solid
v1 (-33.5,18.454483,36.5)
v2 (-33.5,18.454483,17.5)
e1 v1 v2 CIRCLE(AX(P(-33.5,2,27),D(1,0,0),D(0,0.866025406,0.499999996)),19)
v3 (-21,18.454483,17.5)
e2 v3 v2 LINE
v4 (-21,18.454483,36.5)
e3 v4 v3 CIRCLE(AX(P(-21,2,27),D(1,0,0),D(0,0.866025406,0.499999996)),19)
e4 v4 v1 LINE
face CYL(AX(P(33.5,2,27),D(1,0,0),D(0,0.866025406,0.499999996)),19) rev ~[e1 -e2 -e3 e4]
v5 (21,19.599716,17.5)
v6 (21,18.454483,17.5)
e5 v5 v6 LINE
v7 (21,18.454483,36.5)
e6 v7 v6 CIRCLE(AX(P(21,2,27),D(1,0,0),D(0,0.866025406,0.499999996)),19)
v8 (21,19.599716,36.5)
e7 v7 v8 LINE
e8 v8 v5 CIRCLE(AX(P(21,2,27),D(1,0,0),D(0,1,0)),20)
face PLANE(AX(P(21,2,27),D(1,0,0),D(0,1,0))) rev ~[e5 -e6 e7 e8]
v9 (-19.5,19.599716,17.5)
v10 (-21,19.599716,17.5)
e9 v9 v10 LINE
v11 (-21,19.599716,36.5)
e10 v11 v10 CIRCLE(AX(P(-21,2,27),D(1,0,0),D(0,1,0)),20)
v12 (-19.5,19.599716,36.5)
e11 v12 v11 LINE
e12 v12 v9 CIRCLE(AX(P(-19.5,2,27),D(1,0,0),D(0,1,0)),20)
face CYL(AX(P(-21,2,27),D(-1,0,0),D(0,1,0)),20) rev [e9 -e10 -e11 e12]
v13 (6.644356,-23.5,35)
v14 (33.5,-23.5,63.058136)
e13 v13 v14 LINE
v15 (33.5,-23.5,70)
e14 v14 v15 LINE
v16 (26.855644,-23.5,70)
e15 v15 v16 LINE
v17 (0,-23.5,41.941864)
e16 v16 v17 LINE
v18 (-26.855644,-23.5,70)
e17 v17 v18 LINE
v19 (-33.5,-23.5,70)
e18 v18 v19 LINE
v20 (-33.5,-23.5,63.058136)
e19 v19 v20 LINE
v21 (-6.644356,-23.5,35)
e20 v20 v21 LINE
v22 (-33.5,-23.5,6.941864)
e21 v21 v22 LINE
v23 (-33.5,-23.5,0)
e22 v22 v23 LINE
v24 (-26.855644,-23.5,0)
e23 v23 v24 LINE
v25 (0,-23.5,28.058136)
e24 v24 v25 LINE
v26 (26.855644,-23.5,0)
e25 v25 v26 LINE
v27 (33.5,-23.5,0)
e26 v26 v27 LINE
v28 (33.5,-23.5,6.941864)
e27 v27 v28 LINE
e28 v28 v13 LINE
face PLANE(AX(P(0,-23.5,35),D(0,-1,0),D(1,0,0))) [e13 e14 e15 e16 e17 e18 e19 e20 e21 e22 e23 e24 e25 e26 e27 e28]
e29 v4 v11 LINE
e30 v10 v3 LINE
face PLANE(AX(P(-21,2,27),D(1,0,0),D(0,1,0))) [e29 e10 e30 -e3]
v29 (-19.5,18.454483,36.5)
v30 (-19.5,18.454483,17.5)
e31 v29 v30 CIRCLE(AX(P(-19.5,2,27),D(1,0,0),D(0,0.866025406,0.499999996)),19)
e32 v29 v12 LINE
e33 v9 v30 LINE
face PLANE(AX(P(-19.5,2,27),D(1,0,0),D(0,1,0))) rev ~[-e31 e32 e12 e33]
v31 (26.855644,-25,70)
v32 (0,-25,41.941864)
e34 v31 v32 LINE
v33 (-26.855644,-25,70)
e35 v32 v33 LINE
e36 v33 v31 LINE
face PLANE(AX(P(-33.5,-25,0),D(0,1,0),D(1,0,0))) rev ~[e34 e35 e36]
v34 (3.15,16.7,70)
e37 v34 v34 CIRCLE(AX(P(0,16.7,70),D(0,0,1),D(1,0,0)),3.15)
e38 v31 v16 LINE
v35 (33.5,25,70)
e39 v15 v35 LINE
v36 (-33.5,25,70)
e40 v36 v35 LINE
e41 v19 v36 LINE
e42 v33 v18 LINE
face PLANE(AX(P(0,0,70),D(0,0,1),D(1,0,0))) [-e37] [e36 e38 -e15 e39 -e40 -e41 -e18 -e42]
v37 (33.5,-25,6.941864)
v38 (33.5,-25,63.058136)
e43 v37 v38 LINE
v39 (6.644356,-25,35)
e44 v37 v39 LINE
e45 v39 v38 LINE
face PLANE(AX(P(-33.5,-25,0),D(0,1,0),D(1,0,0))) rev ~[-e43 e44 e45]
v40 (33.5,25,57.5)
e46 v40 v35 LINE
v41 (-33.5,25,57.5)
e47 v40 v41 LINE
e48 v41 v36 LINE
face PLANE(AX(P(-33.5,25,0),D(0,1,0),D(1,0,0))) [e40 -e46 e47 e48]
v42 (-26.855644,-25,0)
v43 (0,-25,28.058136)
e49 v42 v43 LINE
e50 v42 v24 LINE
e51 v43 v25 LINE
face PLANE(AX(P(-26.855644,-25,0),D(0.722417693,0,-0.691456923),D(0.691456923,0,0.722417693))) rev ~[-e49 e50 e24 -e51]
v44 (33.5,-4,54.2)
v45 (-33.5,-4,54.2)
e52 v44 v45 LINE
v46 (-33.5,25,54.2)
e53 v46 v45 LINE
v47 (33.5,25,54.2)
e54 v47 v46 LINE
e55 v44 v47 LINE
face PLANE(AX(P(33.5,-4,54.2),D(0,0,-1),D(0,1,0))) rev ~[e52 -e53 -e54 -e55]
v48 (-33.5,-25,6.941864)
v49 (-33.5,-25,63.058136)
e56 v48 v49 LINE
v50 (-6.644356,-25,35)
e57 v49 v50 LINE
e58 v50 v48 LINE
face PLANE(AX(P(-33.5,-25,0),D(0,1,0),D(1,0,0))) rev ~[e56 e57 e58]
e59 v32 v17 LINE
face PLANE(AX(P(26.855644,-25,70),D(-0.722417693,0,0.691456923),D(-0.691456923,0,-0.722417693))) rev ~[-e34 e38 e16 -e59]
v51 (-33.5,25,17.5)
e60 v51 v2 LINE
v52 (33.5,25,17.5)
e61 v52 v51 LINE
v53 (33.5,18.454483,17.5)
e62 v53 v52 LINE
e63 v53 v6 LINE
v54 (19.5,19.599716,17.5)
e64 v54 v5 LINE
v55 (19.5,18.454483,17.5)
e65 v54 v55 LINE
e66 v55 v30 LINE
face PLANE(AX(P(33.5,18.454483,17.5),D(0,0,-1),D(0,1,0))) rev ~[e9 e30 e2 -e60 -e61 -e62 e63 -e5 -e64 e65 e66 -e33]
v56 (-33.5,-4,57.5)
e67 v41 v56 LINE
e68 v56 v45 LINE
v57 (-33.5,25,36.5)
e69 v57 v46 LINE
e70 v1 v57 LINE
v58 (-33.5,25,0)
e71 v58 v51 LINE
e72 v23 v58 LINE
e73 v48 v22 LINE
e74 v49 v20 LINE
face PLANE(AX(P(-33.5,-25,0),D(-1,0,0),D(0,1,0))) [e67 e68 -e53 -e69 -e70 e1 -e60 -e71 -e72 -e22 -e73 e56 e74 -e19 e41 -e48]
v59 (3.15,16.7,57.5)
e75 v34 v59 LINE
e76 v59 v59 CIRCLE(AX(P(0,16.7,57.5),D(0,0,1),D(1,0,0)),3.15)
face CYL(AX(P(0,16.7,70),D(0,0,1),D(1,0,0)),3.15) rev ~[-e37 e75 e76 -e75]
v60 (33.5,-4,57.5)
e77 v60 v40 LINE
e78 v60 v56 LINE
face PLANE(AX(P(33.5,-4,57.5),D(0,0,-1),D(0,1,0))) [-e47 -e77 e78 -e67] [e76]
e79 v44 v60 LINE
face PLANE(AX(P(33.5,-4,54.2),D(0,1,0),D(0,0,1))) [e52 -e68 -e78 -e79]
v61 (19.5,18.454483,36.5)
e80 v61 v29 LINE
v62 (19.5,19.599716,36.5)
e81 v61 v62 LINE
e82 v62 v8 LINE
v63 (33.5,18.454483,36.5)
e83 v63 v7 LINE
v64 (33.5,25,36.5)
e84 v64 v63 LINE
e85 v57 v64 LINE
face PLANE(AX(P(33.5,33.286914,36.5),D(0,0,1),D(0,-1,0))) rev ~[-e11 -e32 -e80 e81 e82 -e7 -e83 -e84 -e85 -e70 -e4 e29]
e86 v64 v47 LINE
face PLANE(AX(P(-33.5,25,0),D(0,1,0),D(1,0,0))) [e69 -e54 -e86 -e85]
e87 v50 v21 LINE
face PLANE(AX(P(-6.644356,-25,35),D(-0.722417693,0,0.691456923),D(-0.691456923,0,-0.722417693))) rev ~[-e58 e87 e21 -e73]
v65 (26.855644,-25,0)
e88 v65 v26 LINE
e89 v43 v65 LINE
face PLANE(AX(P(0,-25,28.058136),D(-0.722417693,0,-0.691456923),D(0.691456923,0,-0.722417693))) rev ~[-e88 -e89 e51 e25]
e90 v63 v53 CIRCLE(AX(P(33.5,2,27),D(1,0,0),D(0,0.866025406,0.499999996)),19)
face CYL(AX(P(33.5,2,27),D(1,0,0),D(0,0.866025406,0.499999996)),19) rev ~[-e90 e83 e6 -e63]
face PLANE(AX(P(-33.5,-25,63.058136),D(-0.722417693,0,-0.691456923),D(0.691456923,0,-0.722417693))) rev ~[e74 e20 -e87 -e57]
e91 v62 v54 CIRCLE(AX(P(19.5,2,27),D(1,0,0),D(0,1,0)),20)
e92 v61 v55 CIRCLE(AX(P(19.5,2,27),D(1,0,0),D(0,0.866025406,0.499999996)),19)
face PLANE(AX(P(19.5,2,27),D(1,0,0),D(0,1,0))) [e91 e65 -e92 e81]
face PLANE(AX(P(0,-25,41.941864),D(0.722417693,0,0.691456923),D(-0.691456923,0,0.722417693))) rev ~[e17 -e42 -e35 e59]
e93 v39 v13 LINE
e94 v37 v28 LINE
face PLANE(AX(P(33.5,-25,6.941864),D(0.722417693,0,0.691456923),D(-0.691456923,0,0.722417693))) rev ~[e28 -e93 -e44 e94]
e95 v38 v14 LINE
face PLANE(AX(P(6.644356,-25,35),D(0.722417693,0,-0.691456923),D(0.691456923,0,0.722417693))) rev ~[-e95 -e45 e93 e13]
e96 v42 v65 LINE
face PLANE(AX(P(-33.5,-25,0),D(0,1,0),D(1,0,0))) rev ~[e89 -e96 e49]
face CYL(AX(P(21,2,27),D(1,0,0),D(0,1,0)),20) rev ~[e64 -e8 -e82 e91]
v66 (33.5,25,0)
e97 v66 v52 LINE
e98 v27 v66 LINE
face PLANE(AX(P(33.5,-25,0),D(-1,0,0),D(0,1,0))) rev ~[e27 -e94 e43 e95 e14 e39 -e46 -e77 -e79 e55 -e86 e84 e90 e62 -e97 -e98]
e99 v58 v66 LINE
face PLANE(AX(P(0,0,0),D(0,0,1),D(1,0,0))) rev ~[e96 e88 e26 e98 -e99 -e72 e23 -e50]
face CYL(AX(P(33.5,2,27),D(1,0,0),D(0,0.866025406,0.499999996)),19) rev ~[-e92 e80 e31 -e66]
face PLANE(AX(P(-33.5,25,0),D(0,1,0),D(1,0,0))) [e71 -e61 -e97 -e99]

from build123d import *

# Parameters (mm, degrees)
F0_W      = 67
F0_H      = 50
F1_DEPTH  = 70
F3_DEPTH  = 1.5
F4_W      = 58
F4_H      = 3.3
F5_DEPTH  = 67.001
F6_DEPTH  = 67.001
F7_R      = 3.15
F8_DEPTH  = 12.5
F11_R     = 20
F12_DEPTH = 1.5
F13_R     = 20
F14_DEPTH = 1.5


with BuildPart() as f1:
    # F0 (on Top) → F1 (new body)
    with BuildSketch(Plane.XY):
        Rectangle(F0_W, F0_H)
    extrude(amount=F1_DEPTH)

    # F2 (on face) → F3 (cut)
    with BuildSketch(Plane.XZ.offset(25)):
        Polygon((0, 41.941864), (-26.855644, 70), (-33.5, 70), (-33.5, 63.058136), (-6.644356, 35), (-33.5, 6.941864), (-33.5, 0), (-26.855644, 0), (0, 28.058136), (26.855644, 0), (33.5, 0), (33.5, 6.941864), (6.644356, 35), (33.5, 63.058136), (33.5, 70), (26.855644, 70), align=None)
    extrude(amount=-F3_DEPTH, mode=Mode.SUBTRACT)

    # F4 (on face) → F5 (cut, through all)
    with BuildSketch(Plane.YZ.offset(33.5)):
        with BuildLine():
            Line((33.286914, 36.5), (18.454483, 36.5))
            ThreePointArc((18.454483, 36.5), (-17, 27), (18.454483, 17.5))
            Line((18.454483, 17.5), (33.286914, 17.5))
            Line((33.286914, 17.5), (33.286914, 36.5))
        make_face()
        with Locations((25, 55.85)):
            Rectangle(F4_W, F4_H)
    extrude(amount=-F5_DEPTH, mode=Mode.SUBTRACT)

    # F4 (on face) → F6 (cut, through all)
    with BuildSketch(Plane.YZ.offset(33.5)):
        with BuildLine():
            Line((33.286914, 36.5), (18.454483, 36.5))
            ThreePointArc((18.454483, 36.5), (-17, 27), (18.454483, 17.5))
            Line((18.454483, 17.5), (33.286914, 17.5))
            Line((33.286914, 17.5), (33.286914, 36.5))
        make_face()
        with Locations((25, 55.85)):
            Rectangle(F4_W, F4_H)
    extrude(amount=-F6_DEPTH, mode=Mode.SUBTRACT)

    # F7 (on face) → F8 (cut, through all)
    with BuildSketch(Plane.XY.offset(70)):
        with Locations((0, 16.7)):
            Circle(F7_R)
    extrude(amount=-F8_DEPTH, mode=Mode.SUBTRACT)

    # F11 (on offset) → F12 (cut)
    with BuildSketch(Plane.YZ.offset(21)):
        with Locations((2, 27)):
            Circle(F11_R)
    extrude(amount=-F12_DEPTH, mode=Mode.SUBTRACT)

    # F13 (on offset) → F14 (cut)
    with BuildSketch(Plane.YZ.offset(-21)):
        with Locations((2, 27)):
            Circle(F13_R)
    extrude(amount=F14_DEPTH, mode=Mode.SUBTRACT)


solid = f1.part
